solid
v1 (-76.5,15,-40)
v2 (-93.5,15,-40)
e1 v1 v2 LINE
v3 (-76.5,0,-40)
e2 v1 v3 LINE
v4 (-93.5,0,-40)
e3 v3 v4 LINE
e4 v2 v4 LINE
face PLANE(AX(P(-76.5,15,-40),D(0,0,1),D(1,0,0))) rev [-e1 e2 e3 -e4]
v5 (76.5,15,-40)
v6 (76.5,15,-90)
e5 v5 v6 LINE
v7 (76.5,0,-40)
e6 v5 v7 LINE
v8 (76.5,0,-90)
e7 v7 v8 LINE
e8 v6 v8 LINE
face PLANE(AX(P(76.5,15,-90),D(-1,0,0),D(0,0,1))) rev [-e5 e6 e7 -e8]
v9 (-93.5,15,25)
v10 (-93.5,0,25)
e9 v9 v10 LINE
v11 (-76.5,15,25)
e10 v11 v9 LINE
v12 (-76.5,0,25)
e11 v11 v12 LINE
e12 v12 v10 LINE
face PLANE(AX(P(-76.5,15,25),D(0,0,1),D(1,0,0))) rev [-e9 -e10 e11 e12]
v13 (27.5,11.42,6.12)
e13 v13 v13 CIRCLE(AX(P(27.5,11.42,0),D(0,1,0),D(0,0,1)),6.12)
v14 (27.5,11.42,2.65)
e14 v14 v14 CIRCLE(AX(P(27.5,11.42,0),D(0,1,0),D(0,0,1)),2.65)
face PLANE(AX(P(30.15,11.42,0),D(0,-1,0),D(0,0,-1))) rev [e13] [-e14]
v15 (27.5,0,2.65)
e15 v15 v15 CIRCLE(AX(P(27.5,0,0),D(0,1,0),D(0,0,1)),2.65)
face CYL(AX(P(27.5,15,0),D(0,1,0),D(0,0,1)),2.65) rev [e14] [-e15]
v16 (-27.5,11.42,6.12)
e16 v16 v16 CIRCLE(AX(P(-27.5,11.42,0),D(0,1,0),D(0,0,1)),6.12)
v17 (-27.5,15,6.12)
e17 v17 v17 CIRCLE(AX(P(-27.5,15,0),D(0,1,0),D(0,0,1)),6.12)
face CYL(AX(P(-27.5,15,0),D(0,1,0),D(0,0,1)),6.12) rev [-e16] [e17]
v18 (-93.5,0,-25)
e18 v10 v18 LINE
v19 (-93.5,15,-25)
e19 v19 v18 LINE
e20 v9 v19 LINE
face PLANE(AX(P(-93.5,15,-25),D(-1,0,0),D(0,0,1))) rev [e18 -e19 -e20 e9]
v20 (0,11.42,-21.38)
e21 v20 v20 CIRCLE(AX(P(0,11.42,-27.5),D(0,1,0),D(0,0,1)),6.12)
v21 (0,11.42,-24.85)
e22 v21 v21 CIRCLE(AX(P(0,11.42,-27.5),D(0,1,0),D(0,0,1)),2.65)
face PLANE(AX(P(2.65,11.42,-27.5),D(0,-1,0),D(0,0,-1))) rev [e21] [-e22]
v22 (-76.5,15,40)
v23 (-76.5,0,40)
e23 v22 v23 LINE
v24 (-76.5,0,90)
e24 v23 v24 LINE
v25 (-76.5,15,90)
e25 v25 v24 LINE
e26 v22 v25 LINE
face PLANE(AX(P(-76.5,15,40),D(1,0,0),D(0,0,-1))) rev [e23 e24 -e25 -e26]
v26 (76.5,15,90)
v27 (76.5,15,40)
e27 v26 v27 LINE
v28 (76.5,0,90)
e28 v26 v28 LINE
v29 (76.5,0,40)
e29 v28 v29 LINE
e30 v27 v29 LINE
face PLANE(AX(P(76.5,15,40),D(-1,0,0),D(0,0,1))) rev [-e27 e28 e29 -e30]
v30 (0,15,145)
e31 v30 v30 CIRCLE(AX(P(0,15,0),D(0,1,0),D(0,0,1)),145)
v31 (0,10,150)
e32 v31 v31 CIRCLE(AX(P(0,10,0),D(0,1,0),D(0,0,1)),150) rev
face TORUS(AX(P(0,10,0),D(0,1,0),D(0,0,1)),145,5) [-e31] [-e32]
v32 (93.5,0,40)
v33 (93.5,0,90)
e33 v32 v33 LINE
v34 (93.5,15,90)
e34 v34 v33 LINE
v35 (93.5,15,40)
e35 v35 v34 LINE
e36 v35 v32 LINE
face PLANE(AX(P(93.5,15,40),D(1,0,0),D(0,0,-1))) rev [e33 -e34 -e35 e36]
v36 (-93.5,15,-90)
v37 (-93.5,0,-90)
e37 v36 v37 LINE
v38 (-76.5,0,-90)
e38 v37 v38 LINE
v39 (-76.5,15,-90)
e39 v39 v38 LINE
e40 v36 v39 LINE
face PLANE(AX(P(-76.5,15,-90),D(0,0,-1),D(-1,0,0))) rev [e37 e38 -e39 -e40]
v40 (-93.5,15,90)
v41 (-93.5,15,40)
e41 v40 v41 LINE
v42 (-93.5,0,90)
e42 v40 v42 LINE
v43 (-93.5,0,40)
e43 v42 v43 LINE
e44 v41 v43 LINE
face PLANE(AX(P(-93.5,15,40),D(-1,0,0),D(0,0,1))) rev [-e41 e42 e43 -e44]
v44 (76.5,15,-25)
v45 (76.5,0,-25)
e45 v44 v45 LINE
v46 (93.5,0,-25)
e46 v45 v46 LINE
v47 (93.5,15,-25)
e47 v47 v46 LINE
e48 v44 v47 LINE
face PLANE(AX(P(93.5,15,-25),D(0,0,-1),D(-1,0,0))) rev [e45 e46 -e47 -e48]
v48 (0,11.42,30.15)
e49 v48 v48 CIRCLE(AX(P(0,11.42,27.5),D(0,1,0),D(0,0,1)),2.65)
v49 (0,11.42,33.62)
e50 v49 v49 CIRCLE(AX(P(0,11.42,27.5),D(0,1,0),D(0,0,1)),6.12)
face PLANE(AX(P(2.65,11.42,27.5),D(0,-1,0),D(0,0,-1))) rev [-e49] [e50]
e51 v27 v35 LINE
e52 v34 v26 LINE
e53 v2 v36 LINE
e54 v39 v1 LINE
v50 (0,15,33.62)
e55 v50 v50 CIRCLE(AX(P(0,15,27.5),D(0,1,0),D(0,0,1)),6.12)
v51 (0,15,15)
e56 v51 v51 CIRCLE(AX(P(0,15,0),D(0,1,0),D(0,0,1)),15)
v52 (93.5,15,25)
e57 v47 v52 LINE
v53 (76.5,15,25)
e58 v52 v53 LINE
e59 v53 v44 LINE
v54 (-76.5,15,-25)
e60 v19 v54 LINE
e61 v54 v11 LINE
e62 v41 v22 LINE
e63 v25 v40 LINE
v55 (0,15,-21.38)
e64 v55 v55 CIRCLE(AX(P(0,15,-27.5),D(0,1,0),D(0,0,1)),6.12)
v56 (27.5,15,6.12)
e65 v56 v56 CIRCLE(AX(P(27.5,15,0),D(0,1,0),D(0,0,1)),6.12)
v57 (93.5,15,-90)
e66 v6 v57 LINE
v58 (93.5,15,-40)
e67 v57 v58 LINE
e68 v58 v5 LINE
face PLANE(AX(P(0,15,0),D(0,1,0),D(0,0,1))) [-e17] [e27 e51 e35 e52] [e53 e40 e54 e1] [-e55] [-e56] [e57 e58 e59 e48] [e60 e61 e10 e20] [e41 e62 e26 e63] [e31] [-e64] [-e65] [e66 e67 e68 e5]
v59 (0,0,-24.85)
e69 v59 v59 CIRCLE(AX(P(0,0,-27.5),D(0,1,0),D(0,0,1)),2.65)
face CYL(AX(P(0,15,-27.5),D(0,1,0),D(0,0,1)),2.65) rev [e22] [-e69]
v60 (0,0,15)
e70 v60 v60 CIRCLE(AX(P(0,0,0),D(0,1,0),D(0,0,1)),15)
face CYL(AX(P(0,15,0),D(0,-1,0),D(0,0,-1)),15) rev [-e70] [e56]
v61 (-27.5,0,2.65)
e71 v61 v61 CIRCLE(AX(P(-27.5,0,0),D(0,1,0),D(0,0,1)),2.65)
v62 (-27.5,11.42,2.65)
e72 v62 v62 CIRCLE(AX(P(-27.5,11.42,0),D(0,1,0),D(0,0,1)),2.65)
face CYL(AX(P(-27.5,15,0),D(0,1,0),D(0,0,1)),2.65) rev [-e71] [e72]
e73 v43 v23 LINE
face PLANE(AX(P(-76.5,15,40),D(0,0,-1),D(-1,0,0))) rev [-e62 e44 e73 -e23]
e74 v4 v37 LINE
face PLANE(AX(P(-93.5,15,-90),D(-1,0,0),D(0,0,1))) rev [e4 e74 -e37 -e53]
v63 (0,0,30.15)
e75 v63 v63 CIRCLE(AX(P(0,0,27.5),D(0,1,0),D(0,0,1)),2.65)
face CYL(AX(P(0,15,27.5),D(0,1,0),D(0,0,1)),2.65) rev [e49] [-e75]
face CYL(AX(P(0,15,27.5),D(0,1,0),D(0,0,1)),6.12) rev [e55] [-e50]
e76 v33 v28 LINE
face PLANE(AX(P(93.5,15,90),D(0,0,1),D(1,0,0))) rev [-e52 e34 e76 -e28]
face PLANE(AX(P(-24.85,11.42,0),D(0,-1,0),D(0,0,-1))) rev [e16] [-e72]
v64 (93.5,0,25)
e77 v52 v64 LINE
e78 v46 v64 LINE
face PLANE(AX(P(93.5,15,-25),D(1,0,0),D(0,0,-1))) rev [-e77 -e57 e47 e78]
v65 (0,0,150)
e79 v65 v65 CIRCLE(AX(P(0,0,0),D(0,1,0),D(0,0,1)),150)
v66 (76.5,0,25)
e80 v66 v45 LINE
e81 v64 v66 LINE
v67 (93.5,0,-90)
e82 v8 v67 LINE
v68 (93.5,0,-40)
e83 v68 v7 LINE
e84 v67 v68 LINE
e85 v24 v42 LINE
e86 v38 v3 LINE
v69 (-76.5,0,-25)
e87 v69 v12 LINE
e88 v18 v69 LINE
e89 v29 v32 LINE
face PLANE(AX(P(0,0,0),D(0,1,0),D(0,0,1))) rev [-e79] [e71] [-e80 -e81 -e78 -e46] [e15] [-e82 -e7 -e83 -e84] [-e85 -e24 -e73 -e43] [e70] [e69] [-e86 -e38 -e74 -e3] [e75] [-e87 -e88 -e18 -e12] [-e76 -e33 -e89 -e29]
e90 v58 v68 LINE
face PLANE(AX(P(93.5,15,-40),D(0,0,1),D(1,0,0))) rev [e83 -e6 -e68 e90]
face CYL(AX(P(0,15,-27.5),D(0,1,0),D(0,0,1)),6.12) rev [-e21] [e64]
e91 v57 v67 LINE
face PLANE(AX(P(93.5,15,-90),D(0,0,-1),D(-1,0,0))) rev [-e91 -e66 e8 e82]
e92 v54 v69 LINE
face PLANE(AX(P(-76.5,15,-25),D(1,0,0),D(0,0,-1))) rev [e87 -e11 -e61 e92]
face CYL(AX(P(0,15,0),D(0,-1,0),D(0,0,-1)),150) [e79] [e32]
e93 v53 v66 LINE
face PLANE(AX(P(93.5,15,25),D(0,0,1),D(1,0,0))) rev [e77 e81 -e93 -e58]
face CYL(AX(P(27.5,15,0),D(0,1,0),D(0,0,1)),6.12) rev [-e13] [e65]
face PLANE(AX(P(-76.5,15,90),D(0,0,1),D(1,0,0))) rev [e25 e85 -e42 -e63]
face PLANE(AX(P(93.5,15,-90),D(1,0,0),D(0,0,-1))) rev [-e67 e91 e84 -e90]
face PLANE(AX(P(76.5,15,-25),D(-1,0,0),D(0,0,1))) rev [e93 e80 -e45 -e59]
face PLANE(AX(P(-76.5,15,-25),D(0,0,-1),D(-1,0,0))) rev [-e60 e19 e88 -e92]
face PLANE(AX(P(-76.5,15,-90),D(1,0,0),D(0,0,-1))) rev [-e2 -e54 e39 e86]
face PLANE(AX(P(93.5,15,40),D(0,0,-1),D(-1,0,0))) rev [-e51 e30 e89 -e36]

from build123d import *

# Parameters (mm, degrees)
SKETCH1_R                               = 150
SKETCH1_R_2                             = 15
BOSS_EXTRUDE1_DEPTH                     = 15
CBORE_FOR_M5_HEX_HEAD_BOLT1_D           = 5.3
CBORE_FOR_M5_HEX_HEAD_BOLT1_CBORE_D     = 12.24
CBORE_FOR_M5_HEX_HEAD_BOLT1_CBORE_DEPTH = 3.58
CIRPATTERN1_COUNT                       = 4
SKETCH5_W                               = 17
SKETCH5_H                               = 50
CUT_EXTRUDE1_DEPTH                      = 213.661703181
FILLET1_R                               = 5


with BuildPart() as part:
    # Sketch1 → Boss-Extrude1 (new body)
    with BuildSketch(Plane(origin=(0, 0, 0), x_dir=(1, 0, 0), z_dir=(0, 1, 0))):
        with Locations(Location((0, 0, 0), (0, 0, 270))):
            Circle(SKETCH1_R)
        with Locations(Location((0, 0, 0), (0, 0, 270))):
            Circle(SKETCH1_R_2, mode=Mode.SUBTRACT)
    extrude(amount=BOSS_EXTRUDE1_DEPTH)

    # CBORE for M5 Hex Head Bolt1 (through all)
    with Locations(Plane(origin=(0, 15, -27.5), x_dir=(0, 0, 1), z_dir=(0, 1, 0))):
        with Locations((0, 0)):
            cbore_for_m5_hex_head_bolt1 = CounterBoreHole(CBORE_FOR_M5_HEX_HEAD_BOLT1_D / 2, CBORE_FOR_M5_HEX_HEAD_BOLT1_CBORE_D / 2, CBORE_FOR_M5_HEX_HEAD_BOLT1_CBORE_DEPTH)

    # CirPattern1: CBORE for M5 Hex Head Bolt1 ×4 about axis
    cirpattern1_axis = Axis((0, 0, 0), (0, 1, 0))
    for i in range(1, CIRPATTERN1_COUNT):
        add(cbore_for_m5_hex_head_bolt1.rotate(cirpattern1_axis, i * 360 / CIRPATTERN1_COUNT), mode=Mode.SUBTRACT)

    # Sketch5 → Cut-Extrude1 (cut, through all)
    with BuildSketch(Plane.XZ):
        with Locations((-85, 65)):
            Rectangle(SKETCH5_W, SKETCH5_H)
        with Locations((-85, 0)):
            Rectangle(SKETCH5_W, SKETCH5_H)
        with Locations((-85, -65)):
            Rectangle(SKETCH5_W, SKETCH5_H)
        with Locations((85, 65)):
            Rectangle(SKETCH5_W, SKETCH5_H)
        with Locations((85, 0)):
            Rectangle(SKETCH5_W, SKETCH5_H)
        with Locations((85, -65)):
            Rectangle(SKETCH5_W, SKETCH5_H)
    extrude(amount=-CUT_EXTRUDE1_DEPTH, mode=Mode.SUBTRACT)

    # Fillet1
    fillet1_edges = [part.edges().sort_by_distance(p)[0] for p in [
        (0, 15, -150),
    ]]
    fillet(fillet1_edges, radius=FILLET1_R)


solid = part.part
